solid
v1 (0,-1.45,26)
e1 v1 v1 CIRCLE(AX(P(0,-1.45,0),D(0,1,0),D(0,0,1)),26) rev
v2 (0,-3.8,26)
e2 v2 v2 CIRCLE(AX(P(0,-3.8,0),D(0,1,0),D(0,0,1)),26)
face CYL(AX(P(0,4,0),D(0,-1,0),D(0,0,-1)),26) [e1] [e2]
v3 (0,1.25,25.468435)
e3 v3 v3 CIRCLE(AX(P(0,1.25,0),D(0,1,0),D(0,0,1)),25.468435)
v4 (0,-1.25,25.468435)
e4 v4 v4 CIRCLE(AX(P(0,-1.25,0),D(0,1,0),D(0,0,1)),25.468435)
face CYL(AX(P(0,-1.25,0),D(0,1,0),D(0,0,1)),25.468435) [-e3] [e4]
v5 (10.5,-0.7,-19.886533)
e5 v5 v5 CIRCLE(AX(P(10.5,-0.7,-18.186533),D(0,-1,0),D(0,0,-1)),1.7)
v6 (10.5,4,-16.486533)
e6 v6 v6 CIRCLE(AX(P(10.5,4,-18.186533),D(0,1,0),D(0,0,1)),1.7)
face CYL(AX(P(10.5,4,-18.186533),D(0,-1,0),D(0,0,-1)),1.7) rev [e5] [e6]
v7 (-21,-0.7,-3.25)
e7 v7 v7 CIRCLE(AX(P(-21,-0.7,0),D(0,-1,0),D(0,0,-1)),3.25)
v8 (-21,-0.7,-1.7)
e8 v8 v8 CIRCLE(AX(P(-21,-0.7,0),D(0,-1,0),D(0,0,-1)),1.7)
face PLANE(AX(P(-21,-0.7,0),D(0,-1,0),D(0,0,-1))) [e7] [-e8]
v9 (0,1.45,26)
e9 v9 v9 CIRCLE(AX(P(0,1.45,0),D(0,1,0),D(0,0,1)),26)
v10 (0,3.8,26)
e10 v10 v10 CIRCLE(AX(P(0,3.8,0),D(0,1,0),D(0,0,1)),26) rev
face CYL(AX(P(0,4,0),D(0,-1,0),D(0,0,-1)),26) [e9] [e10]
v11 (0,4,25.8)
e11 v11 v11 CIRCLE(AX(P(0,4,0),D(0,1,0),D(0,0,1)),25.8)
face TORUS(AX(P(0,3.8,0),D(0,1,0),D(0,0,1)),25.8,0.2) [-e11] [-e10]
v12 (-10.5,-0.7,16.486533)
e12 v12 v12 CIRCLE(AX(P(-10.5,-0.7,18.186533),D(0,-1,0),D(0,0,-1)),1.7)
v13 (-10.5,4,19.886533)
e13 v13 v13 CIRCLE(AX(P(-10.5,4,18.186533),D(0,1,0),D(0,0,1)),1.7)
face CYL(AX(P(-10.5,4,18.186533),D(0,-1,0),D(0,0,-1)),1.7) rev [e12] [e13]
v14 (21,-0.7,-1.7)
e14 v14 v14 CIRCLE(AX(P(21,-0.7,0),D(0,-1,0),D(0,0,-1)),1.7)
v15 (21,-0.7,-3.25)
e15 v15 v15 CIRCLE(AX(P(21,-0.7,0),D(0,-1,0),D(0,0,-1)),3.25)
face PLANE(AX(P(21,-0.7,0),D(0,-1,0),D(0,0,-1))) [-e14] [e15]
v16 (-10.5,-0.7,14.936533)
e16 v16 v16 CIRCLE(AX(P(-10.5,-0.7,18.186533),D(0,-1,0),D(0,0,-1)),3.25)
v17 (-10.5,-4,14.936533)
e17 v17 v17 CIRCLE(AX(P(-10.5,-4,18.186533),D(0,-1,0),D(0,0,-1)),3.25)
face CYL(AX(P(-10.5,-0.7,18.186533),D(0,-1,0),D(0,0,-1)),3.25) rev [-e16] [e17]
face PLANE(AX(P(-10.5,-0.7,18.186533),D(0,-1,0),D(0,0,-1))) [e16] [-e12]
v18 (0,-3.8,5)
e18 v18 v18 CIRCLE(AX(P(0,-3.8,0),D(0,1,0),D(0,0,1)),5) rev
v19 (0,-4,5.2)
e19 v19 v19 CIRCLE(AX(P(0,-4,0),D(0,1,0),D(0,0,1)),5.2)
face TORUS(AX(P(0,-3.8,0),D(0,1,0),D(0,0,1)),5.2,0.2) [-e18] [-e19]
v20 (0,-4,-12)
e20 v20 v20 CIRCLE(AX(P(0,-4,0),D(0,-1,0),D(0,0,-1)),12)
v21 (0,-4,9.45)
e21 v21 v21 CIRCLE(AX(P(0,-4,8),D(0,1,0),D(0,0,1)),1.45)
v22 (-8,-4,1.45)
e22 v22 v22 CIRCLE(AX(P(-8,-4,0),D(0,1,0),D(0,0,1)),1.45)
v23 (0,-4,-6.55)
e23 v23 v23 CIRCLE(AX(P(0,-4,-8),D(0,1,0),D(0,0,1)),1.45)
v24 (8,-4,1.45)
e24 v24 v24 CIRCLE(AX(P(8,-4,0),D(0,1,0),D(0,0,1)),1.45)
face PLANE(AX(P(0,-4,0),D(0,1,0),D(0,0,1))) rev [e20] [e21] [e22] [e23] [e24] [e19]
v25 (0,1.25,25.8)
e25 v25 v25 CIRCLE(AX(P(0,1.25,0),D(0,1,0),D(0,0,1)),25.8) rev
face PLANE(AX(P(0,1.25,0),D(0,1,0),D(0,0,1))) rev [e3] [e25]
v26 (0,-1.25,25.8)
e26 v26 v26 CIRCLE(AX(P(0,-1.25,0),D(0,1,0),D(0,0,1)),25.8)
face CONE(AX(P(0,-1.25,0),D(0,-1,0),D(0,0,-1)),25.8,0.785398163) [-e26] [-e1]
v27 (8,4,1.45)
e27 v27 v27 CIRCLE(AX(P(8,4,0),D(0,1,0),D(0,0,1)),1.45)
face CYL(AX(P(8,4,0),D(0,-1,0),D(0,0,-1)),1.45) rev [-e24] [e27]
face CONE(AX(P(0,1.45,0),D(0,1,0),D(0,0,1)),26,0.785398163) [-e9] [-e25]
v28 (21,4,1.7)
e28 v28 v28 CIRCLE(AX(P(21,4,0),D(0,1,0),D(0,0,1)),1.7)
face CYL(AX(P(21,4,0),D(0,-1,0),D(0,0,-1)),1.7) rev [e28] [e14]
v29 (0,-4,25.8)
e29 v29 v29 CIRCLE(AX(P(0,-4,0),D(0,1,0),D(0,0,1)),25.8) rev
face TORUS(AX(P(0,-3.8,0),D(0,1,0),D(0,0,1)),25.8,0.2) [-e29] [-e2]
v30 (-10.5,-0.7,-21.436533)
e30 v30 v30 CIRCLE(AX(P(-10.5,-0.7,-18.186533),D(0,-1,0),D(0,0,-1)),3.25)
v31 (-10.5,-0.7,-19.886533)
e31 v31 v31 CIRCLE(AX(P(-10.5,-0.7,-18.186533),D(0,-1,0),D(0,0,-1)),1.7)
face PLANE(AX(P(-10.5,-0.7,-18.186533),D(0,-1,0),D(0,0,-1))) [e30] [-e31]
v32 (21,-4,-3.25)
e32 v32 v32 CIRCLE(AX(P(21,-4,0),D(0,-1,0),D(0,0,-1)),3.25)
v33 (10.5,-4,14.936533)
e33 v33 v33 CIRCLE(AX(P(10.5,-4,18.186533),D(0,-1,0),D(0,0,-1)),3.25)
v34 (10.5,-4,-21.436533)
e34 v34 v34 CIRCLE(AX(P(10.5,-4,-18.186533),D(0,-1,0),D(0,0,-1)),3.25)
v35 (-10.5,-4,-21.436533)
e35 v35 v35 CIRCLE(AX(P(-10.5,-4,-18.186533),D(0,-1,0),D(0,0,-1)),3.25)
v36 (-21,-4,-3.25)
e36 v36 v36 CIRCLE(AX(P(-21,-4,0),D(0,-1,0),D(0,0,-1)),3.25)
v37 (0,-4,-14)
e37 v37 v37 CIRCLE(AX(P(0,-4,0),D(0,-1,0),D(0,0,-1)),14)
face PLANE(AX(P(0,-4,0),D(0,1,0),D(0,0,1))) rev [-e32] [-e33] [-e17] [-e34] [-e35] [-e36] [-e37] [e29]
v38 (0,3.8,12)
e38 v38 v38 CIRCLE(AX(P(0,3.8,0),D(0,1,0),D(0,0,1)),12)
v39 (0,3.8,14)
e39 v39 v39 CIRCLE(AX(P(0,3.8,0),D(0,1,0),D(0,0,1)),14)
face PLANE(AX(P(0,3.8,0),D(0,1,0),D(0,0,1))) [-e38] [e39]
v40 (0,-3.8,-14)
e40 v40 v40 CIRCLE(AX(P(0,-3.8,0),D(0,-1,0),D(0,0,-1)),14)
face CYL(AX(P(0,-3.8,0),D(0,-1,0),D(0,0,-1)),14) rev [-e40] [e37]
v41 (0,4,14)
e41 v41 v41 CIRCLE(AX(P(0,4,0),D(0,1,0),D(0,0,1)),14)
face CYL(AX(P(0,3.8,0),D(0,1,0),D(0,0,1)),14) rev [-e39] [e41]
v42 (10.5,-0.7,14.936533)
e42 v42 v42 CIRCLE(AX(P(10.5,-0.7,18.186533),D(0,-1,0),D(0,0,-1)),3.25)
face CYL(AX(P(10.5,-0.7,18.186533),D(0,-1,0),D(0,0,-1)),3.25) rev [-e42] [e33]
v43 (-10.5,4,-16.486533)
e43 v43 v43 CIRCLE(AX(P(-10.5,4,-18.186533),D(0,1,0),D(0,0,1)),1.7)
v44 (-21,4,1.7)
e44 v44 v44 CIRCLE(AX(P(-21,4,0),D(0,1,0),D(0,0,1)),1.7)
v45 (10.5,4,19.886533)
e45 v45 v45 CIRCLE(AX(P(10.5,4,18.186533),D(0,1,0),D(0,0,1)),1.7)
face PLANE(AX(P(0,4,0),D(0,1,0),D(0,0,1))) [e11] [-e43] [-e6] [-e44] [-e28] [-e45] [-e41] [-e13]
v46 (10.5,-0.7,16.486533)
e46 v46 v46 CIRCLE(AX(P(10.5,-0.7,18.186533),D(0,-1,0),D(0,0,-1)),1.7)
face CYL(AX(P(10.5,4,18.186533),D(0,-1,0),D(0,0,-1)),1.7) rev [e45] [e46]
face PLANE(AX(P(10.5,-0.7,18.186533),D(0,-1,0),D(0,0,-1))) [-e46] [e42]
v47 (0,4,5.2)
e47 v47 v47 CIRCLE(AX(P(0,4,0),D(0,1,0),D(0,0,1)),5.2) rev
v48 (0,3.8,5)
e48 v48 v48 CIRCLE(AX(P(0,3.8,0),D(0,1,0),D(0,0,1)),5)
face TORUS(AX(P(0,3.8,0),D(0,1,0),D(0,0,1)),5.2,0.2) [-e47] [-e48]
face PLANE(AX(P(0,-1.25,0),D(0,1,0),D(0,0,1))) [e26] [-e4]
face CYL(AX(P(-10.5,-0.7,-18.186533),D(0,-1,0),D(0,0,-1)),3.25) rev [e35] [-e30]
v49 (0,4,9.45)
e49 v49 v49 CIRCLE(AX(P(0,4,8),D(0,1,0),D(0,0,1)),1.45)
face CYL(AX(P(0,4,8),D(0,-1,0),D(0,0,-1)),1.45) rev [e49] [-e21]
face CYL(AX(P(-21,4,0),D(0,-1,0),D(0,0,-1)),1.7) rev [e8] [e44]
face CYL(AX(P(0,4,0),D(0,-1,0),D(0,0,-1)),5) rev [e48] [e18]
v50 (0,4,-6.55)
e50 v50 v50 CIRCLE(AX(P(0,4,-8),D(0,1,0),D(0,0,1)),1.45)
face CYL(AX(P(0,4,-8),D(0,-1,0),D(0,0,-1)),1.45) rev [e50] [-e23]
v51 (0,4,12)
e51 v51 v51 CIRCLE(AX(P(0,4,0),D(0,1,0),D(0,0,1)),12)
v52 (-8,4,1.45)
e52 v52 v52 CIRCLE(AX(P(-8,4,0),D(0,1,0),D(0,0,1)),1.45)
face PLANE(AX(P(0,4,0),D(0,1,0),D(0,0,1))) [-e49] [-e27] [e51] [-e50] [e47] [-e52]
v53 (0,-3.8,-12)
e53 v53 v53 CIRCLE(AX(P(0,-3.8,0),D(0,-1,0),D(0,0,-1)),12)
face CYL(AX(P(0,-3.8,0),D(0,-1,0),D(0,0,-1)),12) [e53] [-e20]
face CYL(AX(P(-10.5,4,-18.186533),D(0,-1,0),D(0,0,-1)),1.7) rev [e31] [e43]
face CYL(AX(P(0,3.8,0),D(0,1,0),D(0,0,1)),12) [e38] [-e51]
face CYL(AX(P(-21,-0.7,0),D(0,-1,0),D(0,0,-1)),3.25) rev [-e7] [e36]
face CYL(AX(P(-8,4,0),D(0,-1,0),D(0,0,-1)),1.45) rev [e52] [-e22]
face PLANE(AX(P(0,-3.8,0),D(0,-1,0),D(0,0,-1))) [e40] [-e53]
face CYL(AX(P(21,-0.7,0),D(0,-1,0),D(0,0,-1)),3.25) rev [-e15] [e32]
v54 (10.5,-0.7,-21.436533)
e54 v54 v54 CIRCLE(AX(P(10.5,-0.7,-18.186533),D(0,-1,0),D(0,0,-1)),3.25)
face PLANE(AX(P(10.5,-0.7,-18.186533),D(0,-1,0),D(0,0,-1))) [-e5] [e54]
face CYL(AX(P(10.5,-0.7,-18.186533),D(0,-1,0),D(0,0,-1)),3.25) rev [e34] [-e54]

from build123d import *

# Parameters (mm, degrees)
SKETCH_1_R          = 26
SKETCH_1_R_2        = 5
SKETCH_1_R_3        = 1.7
SKETCH_1_R_4        = 1.45
EXTRUDE_1_DEPTH     = 4
SKETCH_2_R          = 14
SKETCH_2_R_2        = 12
CUT_EXTRUDE_1_DEPTH = 0.2
SKETCH_3_R          = 14
SKETCH_3_R_2        = 12
CUT_EXTRUDE_2_DEPTH = 0.2
SKETCH_5_R          = 27.923918385
SKETCH_5_R_2        = 25.46843451
CUT_EXTRUDE_3_DEPTH = 1.25
CHAMFER_1_SIZE      = 0.2
FILLET_1_R          = 0.2
SKETCH_6_R          = 3.25
CUT_EXTRUDE_4_DEPTH = 3.3


with BuildPart() as part:
    # 草图1 → 凸台-拉伸1 (new body, symmetric)
    with BuildSketch(Plane(origin=(0, 0, 0), x_dir=(1, 0, 0), z_dir=(0, 1, 0))):
        Circle(SKETCH_1_R)
        Circle(SKETCH_1_R_2, mode=Mode.SUBTRACT)
        with Locations((-10.5, 18.186533479)):
            Circle(SKETCH_1_R_3, mode=Mode.SUBTRACT)
        with Locations((10.5, 18.186533479)):
            Circle(SKETCH_1_R_3, mode=Mode.SUBTRACT)
        with Locations((21, 0)):
            Circle(SKETCH_1_R_3, mode=Mode.SUBTRACT)
        with Locations((10.5, -18.186533479)):
            Circle(SKETCH_1_R_3, mode=Mode.SUBTRACT)
        with Locations((-10.5, -18.186533479)):
            Circle(SKETCH_1_R_3, mode=Mode.SUBTRACT)
        with Locations((-21, 0)):
            Circle(SKETCH_1_R_3, mode=Mode.SUBTRACT)
        with Locations((0, 8)):
            Circle(SKETCH_1_R_4, mode=Mode.SUBTRACT)
        with Locations((8, 0)):
            Circle(SKETCH_1_R_4, mode=Mode.SUBTRACT)
        with Locations((0, -8)):
            Circle(SKETCH_1_R_4, mode=Mode.SUBTRACT)
        with Locations((-8, 0)):
            Circle(SKETCH_1_R_4, mode=Mode.SUBTRACT)
    extrude(amount=EXTRUDE_1_DEPTH, both=True)

    # 草图2 → 切除-拉伸1 (cut)
    with BuildSketch(Plane(origin=(0, 4, 0), x_dir=(1, 0, 0), z_dir=(0, 1, 0))):
        Circle(SKETCH_2_R)
        Circle(SKETCH_2_R_2, mode=Mode.SUBTRACT)
    extrude(amount=-CUT_EXTRUDE_1_DEPTH, mode=Mode.SUBTRACT)

    # 草图3 → 切除-拉伸2 (cut)
    with BuildSketch(Plane.XZ.offset(4)):
        Circle(SKETCH_3_R)
        Circle(SKETCH_3_R_2, mode=Mode.SUBTRACT)
    extrude(amount=-CUT_EXTRUDE_2_DEPTH, mode=Mode.SUBTRACT)

    # 草图5 → 切除-拉伸3 (cut, symmetric)
    with BuildSketch(Plane(origin=(0, 0, 0), x_dir=(1, 0, 0), z_dir=(0, 1, 0))):
        Circle(SKETCH_5_R)
        Circle(SKETCH_5_R_2, mode=Mode.SUBTRACT)
    extrude(amount=CUT_EXTRUDE_3_DEPTH, both=True, mode=Mode.SUBTRACT)

    # 倒角1
    chamfer_1_edges = [part.edges().sort_by_distance(p)[0] for p in [
        (-26, 1.25, 0),
        (-26, -1.25, 0),
    ]]
    chamfer(chamfer_1_edges, length=CHAMFER_1_SIZE)

    # 圆角1
    fillet_1_edges = [part.edges().sort_by_distance(p)[0] for p in [
        (-26, -4, 0),
        (-26, 4, 0),
        (-5, -4, 0),
        (-5, 4, 0),
    ]]
    fillet(fillet_1_edges, radius=FILLET_1_R)

    # 草图6 → 切除-拉伸4 (cut)
    with BuildSketch(Plane.XZ.offset(4)):
        with Locations((-21, 0)):
            Circle(SKETCH_6_R)
        with Locations((-10.5, -18.186533479)):
            Circle(SKETCH_6_R)
        with Locations((10.5, -18.186533479)):
            Circle(SKETCH_6_R)
        with Locations((21, 0)):
            Circle(SKETCH_6_R)
        with Locations((10.5, 18.186533479)):
            Circle(SKETCH_6_R)
        with Locations((-10.5, 18.186533479)):
            Circle(SKETCH_6_R)
    extrude(amount=-CUT_EXTRUDE_4_DEPTH, mode=Mode.SUBTRACT)


solid = part.part
